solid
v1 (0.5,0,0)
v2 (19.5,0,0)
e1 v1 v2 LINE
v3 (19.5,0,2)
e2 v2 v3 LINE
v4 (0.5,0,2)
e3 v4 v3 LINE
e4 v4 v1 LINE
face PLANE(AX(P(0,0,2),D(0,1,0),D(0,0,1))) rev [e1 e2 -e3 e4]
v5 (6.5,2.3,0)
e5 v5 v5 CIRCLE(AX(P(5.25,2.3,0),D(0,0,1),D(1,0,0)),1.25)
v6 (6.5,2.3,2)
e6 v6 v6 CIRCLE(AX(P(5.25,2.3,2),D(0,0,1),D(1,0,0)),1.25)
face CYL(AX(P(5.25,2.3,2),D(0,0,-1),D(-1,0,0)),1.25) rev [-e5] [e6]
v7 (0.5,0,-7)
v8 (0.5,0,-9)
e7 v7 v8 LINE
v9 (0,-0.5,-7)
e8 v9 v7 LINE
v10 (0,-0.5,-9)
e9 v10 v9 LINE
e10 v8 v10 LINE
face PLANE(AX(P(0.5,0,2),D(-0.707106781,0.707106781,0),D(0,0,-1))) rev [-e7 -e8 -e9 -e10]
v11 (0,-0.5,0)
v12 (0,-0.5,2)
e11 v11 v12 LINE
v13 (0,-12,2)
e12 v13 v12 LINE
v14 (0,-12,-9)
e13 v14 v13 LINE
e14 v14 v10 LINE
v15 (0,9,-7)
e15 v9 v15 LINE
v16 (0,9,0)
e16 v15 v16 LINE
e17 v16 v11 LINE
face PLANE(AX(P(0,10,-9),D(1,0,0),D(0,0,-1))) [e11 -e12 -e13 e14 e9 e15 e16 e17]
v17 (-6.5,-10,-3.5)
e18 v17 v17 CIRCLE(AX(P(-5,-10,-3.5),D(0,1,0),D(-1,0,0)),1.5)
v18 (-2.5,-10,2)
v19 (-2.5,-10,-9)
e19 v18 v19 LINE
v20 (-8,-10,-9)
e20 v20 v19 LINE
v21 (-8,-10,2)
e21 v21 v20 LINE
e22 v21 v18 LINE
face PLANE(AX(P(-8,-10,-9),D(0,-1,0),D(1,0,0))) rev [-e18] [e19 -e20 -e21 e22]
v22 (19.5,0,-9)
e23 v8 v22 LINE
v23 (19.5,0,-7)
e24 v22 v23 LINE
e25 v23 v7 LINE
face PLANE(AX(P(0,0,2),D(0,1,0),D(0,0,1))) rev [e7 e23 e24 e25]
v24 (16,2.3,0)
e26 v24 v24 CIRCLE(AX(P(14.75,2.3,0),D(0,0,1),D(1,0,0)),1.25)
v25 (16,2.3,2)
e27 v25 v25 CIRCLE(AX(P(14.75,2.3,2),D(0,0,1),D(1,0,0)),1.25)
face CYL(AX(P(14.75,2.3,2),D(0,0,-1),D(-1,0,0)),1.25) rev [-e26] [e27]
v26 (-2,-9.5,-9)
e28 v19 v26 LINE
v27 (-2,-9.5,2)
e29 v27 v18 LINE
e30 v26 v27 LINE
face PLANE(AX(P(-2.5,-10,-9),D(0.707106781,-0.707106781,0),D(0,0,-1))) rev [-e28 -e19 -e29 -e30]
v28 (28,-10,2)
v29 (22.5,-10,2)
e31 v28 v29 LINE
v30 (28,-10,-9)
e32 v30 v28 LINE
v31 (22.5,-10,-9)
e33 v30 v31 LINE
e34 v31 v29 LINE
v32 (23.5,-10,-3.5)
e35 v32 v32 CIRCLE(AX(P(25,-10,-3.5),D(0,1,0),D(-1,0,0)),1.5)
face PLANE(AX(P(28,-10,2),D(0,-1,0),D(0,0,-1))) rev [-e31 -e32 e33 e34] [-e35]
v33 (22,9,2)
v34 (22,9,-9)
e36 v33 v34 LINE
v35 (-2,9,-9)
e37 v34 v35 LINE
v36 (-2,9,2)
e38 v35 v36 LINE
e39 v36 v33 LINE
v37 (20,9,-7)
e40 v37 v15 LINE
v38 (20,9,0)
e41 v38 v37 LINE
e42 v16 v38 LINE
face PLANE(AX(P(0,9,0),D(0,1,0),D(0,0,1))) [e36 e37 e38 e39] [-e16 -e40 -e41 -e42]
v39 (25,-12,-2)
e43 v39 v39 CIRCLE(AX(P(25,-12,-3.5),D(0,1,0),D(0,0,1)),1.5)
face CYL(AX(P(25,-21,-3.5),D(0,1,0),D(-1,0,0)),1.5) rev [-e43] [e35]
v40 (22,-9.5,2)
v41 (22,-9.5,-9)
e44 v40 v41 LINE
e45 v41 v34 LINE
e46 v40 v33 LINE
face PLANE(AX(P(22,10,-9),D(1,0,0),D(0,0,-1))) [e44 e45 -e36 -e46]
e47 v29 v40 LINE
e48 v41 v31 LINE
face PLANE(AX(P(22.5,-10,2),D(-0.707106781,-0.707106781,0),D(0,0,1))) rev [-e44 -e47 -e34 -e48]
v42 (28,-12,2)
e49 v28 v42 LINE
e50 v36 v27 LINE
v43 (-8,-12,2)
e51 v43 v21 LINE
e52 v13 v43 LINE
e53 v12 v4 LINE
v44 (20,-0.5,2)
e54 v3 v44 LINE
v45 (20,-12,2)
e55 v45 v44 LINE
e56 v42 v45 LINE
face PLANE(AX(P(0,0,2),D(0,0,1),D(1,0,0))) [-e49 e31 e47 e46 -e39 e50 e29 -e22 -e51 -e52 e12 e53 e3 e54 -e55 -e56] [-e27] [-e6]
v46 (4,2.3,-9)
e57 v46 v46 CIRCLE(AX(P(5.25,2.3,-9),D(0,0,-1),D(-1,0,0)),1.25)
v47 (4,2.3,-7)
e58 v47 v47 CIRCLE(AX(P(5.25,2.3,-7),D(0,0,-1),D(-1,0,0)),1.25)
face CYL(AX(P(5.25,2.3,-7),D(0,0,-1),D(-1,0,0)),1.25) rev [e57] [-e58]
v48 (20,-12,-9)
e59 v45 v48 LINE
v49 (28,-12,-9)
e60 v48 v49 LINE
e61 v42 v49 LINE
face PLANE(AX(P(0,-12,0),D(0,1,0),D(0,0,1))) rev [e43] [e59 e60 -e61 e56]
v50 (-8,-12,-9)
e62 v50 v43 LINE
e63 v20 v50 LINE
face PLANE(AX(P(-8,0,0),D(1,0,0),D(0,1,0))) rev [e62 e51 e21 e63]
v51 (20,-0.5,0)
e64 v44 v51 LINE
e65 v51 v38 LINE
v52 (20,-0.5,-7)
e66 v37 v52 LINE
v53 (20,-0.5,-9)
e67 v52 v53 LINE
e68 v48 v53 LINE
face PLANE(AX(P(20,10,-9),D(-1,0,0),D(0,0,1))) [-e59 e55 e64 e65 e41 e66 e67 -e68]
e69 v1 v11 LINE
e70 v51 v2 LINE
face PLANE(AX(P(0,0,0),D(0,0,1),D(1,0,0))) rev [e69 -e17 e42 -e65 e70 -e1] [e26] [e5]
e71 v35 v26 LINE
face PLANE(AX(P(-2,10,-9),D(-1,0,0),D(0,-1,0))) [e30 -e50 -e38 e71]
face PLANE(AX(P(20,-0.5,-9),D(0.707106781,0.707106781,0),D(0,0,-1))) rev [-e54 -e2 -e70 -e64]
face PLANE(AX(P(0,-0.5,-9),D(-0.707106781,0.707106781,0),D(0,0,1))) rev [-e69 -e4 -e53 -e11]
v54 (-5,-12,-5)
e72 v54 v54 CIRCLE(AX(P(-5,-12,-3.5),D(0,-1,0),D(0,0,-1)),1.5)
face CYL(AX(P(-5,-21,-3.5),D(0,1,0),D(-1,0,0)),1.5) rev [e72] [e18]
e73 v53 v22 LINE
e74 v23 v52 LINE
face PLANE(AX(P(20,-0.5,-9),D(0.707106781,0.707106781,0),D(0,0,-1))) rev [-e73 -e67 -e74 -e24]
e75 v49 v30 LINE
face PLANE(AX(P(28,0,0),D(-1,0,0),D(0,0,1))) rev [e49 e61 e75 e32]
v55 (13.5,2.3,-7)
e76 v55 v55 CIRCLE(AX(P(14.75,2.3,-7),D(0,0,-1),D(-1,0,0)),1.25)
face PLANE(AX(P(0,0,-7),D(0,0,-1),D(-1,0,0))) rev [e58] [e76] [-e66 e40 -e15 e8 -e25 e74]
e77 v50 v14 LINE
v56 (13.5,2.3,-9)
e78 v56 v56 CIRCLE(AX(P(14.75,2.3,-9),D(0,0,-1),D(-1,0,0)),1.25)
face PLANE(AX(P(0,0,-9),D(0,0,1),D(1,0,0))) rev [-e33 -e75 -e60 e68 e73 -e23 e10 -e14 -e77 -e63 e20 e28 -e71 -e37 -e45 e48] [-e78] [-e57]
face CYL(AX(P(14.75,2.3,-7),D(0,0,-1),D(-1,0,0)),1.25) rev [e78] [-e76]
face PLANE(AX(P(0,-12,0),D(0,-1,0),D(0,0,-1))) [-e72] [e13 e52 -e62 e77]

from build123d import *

# Parameters (mm, degrees)
CROQUIS1_W              = 20
CROQUIS1_H              = 10
CROQUIS1_R              = 1.25
SALIENTE_EXTRUIR1_DEPTH = 2
CROQUIS2_W              = 2
CROQUIS2_H              = 10
SALIENTE_EXTRUIR2_DEPTH = 11
CROQUIS3_W              = 20
CROQUIS3_H              = 10
CROQUIS3_R              = 1.25
SALIENTE_EXTRUIR3_DEPTH = 2
CROQUIS4_W              = 2
CROQUIS4_H              = 11
SALIENTE_EXTRUIR4_DEPTH = 12
CROQUIS5_W              = 11
CROQUIS5_H              = 2
SALIENTE_EXTRUIR5_DEPTH = 6
CROQUIS6_W              = 11
CROQUIS6_H              = 2
SALIENTE_EXTRUIR6_DEPTH = 6
CROQUIS7_W              = 24
CROQUIS7_H              = 11
CROQUIS7_W_2            = 20
CROQUIS7_H_2            = 7
CORTAR_EXTRUIR1_DEPTH   = 1
CROQUIS8_R              = 1.5
CORTAR_EXTRUIR2_DEPTH   = 11
CHAFL_N1_SIZE           = 0.5


with BuildPart() as part:
    # Croquis1 → Saliente-Extruir1 (new body)
    with BuildSketch(Plane.XY):
        with Locations((10, 5)):
            Rectangle(CROQUIS1_W, CROQUIS1_H)
        with Locations((5.25, 2.3)):
            Circle(CROQUIS1_R, mode=Mode.SUBTRACT)
        with Locations((14.75, 2.3)):
            Circle(CROQUIS1_R, mode=Mode.SUBTRACT)
    extrude(amount=SALIENTE_EXTRUIR1_DEPTH)

    # Croquis2 → Saliente-Extruir2 (add)
    with BuildSketch(Plane.XY.offset(2)):
        with Locations((-1, 5)):
            Rectangle(CROQUIS2_W, CROQUIS2_H)
        with Locations((21, 5)):
            Rectangle(CROQUIS2_W, CROQUIS2_H)
    extrude(amount=-SALIENTE_EXTRUIR2_DEPTH)



with BuildPart() as body_2:
    # Croquis3 → Saliente-Extruir3 (new body)
    with BuildSketch(Plane(origin=(0, 0, -9), x_dir=(-1, 0, 0), z_dir=(0, 0, -1))):
        with Locations((-10, 5)):
            Rectangle(CROQUIS3_W, CROQUIS3_H)
        with Locations(Location((-5.25, 2.3, 0), (0, 0, 180))):
            Circle(CROQUIS3_R, mode=Mode.SUBTRACT)
        with Locations(Location((-14.75, 2.3, 0), (0, 0, 180))):
            Circle(CROQUIS3_R, mode=Mode.SUBTRACT)
    extrude(amount=-SALIENTE_EXTRUIR3_DEPTH)


with BuildPart() as part_1:
    add(part.part)

    add(body_2.part)  # Saliente-Extruir4 merges body 2
    # Croquis4 → Saliente-Extruir4 (add)
    with BuildSketch(Plane.XZ):
        with Locations((-1, -3.5)):
            Rectangle(CROQUIS4_W, CROQUIS4_H)
        with Locations((21, -3.5)):
            Rectangle(CROQUIS4_W, CROQUIS4_H)
    extrude(amount=SALIENTE_EXTRUIR4_DEPTH)

    # Croquis5 → Saliente-Extruir5 (add)
    with BuildSketch(Plane(origin=(22, 0, 0), x_dir=(0, 0, -1), z_dir=(1, 0, 0))):
        with Locations((3.5, -11)):
            Rectangle(CROQUIS5_W, CROQUIS5_H)
    extrude(amount=SALIENTE_EXTRUIR5_DEPTH)

    # Croquis6 → Saliente-Extruir6 (add)
    with BuildSketch(Plane.ZY.offset(2)):
        with Locations((-3.5, -11)):
            Rectangle(CROQUIS6_W, CROQUIS6_H)
    extrude(amount=SALIENTE_EXTRUIR6_DEPTH)

    # Croquis7 → Cortar-Extruir1 (cut)
    with BuildSketch(Plane(origin=(0, 10, 0), x_dir=(1, 0, 0), z_dir=(0, 1, 0))):
        with Locations((10, 3.5)):
            Rectangle(CROQUIS7_W, CROQUIS7_H)
        with Locations((10, 3.5)):
            Rectangle(CROQUIS7_W_2, CROQUIS7_H_2, mode=Mode.SUBTRACT)
    extrude(amount=-CORTAR_EXTRUIR1_DEPTH, mode=Mode.SUBTRACT)

    # Croquis8 → Cortar-Extruir2 (cut)
    with BuildSketch(Plane(origin=(0, -10, 0), x_dir=(1, 0, 0), z_dir=(0, 1, 0))):
        with Locations(Location((-5, 3.5, 0), (0, 0, 180))):
            Circle(CROQUIS8_R)
        with Locations(Location((25, 3.5, 0), (0, 0, 180))):
            Circle(CROQUIS8_R)
    extrude(amount=-CORTAR_EXTRUIR2_DEPTH, mode=Mode.SUBTRACT)

    # Chaflán1
    chafl_n1_edges = [part_1.edges().sort_by_distance(p)[0] for p in [
        (-2, -10, -3.5),
        (0, 0, 1),
        (0, 0, -8),
        (20, 0, 1),
        (20, 0, -8),
        (22, -10, -3.5),
    ]]
    chamfer(chafl_n1_edges, length=CHAFL_N1_SIZE)


solid = part_1.part
